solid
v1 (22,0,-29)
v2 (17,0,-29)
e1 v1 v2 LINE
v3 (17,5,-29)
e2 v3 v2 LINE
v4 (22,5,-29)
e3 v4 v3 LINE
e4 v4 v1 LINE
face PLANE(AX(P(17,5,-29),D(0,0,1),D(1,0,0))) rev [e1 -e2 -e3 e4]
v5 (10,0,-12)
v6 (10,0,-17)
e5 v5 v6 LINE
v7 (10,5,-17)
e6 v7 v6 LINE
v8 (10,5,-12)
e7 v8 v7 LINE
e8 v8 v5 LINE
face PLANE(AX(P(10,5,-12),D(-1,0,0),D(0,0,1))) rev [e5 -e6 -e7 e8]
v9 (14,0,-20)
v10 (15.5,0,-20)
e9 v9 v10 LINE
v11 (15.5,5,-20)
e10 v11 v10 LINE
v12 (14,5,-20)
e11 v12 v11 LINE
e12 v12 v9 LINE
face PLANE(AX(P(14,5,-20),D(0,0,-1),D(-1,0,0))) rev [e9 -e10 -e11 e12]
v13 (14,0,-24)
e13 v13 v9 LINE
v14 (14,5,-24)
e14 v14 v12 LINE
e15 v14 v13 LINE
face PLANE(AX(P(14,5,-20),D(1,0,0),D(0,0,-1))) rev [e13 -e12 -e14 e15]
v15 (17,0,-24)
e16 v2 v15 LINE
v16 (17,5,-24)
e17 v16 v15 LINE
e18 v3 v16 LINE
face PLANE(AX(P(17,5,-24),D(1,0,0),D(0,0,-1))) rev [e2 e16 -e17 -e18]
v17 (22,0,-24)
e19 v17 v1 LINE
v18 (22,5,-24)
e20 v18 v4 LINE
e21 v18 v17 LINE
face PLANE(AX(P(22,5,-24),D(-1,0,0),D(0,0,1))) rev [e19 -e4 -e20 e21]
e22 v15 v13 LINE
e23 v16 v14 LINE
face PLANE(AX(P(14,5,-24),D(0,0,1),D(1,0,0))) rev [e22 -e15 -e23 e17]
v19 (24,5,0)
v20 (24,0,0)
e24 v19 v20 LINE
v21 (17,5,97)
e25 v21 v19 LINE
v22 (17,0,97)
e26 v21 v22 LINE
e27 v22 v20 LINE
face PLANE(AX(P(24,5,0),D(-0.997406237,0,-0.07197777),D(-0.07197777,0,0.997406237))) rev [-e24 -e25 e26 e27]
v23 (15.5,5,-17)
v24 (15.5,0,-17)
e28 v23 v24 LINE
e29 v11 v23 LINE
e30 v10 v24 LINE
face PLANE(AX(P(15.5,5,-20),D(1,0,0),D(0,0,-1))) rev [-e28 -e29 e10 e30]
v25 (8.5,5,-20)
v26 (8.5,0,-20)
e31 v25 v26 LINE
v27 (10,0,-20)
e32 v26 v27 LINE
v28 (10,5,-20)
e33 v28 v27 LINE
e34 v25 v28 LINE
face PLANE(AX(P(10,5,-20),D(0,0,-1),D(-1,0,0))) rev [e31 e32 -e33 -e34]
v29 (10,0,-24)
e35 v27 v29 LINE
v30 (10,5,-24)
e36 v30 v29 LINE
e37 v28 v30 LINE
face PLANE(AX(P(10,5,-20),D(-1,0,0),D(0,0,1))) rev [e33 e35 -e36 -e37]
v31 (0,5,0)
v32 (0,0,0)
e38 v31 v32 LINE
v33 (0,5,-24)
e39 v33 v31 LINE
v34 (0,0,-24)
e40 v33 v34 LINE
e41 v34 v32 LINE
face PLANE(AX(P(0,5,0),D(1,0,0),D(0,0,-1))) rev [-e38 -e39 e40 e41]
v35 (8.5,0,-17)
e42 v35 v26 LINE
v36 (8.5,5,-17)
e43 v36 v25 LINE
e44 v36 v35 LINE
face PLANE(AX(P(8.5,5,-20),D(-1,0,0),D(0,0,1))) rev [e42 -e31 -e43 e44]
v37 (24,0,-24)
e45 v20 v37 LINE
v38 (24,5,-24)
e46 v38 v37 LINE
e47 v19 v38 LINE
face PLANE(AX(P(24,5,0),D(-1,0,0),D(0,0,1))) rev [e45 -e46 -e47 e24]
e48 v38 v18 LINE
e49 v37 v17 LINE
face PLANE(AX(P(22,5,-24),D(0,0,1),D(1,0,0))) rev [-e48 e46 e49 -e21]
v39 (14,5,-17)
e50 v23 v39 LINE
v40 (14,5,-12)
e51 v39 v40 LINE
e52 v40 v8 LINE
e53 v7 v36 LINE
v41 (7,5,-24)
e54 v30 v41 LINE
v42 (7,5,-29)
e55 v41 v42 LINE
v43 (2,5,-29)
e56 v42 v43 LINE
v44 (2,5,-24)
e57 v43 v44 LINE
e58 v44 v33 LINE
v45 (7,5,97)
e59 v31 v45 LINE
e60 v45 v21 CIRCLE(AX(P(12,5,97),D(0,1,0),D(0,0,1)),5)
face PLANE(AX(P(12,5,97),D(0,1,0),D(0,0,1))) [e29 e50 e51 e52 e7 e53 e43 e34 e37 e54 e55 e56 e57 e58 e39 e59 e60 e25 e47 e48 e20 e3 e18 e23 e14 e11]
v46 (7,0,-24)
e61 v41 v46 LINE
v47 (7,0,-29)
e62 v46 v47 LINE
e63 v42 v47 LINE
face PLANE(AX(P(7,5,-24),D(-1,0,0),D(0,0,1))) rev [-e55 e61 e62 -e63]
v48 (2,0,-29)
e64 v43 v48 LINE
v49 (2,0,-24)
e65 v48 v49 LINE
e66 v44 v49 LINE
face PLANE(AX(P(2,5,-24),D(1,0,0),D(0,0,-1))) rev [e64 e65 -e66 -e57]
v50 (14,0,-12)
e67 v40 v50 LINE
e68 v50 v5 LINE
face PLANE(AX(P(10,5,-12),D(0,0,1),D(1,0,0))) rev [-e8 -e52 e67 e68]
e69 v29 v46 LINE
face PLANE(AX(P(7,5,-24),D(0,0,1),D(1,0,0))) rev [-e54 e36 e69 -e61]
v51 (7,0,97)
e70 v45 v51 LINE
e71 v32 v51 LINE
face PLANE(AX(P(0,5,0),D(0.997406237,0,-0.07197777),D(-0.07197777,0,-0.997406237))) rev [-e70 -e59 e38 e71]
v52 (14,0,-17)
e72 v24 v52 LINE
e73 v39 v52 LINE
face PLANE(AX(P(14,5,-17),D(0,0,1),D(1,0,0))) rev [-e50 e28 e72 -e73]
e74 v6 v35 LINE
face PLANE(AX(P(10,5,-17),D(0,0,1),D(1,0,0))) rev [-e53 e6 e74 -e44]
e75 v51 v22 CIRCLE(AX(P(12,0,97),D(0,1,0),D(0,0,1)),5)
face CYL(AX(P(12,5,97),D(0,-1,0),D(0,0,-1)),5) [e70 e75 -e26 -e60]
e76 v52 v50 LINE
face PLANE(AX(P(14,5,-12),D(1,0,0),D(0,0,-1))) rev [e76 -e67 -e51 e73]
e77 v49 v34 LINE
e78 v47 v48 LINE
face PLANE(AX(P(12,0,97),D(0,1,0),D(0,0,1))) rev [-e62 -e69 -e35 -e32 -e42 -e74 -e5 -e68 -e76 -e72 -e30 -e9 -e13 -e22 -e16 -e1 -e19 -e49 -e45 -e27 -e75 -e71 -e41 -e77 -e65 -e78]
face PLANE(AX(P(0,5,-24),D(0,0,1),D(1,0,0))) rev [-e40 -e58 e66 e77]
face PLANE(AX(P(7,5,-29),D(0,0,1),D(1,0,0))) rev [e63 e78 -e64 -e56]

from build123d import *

# Parameters (mm, degrees)
BOSS_EXTRUDE1_DEPTH = 5


with BuildPart() as part:
    # Sketch1 → Boss-Extrude1 (new body)
    with BuildSketch(Plane(origin=(0, 0, 0), x_dir=(1, 0, 0), z_dir=(0, 1, 0))):
        with BuildLine():
            Line((0, 0), (0, 24))
            Line((0, 24), (2, 24))
            Line((2, 24), (2, 29))
            Line((2, 29), (7, 29))
            Line((7, 29), (7, 24))
            Line((7, 24), (10, 24))
            Line((10, 24), (10, 20))
            Line((10, 20), (8.5, 20))
            Line((8.5, 20), (8.5, 17))
            Line((8.5, 17), (10, 17))
            Line((10, 17), (10, 12))
            Line((10, 12), (14, 12))
            Line((14, 12), (14, 17))
            Line((14, 17), (15.5, 17))
            Line((15.5, 17), (15.5, 20))
            Line((15.5, 20), (14, 20))
            Line((14, 20), (14, 24))
            Line((14, 24), (17, 24))
            Line((17, 24), (17, 29))
            Line((17, 29), (22, 29))
            Line((22, 29), (22, 24))
            Line((22, 24), (24, 24))
            Line((24, 24), (24, 0))
            Line((24, 0), (17, -97))
            ThreePointArc((17, -97), (12, -102), (7, -97))
            Line((7, -97), (0, 0))
        make_face()
    extrude(amount=BOSS_EXTRUDE1_DEPTH)


solid = part.part
